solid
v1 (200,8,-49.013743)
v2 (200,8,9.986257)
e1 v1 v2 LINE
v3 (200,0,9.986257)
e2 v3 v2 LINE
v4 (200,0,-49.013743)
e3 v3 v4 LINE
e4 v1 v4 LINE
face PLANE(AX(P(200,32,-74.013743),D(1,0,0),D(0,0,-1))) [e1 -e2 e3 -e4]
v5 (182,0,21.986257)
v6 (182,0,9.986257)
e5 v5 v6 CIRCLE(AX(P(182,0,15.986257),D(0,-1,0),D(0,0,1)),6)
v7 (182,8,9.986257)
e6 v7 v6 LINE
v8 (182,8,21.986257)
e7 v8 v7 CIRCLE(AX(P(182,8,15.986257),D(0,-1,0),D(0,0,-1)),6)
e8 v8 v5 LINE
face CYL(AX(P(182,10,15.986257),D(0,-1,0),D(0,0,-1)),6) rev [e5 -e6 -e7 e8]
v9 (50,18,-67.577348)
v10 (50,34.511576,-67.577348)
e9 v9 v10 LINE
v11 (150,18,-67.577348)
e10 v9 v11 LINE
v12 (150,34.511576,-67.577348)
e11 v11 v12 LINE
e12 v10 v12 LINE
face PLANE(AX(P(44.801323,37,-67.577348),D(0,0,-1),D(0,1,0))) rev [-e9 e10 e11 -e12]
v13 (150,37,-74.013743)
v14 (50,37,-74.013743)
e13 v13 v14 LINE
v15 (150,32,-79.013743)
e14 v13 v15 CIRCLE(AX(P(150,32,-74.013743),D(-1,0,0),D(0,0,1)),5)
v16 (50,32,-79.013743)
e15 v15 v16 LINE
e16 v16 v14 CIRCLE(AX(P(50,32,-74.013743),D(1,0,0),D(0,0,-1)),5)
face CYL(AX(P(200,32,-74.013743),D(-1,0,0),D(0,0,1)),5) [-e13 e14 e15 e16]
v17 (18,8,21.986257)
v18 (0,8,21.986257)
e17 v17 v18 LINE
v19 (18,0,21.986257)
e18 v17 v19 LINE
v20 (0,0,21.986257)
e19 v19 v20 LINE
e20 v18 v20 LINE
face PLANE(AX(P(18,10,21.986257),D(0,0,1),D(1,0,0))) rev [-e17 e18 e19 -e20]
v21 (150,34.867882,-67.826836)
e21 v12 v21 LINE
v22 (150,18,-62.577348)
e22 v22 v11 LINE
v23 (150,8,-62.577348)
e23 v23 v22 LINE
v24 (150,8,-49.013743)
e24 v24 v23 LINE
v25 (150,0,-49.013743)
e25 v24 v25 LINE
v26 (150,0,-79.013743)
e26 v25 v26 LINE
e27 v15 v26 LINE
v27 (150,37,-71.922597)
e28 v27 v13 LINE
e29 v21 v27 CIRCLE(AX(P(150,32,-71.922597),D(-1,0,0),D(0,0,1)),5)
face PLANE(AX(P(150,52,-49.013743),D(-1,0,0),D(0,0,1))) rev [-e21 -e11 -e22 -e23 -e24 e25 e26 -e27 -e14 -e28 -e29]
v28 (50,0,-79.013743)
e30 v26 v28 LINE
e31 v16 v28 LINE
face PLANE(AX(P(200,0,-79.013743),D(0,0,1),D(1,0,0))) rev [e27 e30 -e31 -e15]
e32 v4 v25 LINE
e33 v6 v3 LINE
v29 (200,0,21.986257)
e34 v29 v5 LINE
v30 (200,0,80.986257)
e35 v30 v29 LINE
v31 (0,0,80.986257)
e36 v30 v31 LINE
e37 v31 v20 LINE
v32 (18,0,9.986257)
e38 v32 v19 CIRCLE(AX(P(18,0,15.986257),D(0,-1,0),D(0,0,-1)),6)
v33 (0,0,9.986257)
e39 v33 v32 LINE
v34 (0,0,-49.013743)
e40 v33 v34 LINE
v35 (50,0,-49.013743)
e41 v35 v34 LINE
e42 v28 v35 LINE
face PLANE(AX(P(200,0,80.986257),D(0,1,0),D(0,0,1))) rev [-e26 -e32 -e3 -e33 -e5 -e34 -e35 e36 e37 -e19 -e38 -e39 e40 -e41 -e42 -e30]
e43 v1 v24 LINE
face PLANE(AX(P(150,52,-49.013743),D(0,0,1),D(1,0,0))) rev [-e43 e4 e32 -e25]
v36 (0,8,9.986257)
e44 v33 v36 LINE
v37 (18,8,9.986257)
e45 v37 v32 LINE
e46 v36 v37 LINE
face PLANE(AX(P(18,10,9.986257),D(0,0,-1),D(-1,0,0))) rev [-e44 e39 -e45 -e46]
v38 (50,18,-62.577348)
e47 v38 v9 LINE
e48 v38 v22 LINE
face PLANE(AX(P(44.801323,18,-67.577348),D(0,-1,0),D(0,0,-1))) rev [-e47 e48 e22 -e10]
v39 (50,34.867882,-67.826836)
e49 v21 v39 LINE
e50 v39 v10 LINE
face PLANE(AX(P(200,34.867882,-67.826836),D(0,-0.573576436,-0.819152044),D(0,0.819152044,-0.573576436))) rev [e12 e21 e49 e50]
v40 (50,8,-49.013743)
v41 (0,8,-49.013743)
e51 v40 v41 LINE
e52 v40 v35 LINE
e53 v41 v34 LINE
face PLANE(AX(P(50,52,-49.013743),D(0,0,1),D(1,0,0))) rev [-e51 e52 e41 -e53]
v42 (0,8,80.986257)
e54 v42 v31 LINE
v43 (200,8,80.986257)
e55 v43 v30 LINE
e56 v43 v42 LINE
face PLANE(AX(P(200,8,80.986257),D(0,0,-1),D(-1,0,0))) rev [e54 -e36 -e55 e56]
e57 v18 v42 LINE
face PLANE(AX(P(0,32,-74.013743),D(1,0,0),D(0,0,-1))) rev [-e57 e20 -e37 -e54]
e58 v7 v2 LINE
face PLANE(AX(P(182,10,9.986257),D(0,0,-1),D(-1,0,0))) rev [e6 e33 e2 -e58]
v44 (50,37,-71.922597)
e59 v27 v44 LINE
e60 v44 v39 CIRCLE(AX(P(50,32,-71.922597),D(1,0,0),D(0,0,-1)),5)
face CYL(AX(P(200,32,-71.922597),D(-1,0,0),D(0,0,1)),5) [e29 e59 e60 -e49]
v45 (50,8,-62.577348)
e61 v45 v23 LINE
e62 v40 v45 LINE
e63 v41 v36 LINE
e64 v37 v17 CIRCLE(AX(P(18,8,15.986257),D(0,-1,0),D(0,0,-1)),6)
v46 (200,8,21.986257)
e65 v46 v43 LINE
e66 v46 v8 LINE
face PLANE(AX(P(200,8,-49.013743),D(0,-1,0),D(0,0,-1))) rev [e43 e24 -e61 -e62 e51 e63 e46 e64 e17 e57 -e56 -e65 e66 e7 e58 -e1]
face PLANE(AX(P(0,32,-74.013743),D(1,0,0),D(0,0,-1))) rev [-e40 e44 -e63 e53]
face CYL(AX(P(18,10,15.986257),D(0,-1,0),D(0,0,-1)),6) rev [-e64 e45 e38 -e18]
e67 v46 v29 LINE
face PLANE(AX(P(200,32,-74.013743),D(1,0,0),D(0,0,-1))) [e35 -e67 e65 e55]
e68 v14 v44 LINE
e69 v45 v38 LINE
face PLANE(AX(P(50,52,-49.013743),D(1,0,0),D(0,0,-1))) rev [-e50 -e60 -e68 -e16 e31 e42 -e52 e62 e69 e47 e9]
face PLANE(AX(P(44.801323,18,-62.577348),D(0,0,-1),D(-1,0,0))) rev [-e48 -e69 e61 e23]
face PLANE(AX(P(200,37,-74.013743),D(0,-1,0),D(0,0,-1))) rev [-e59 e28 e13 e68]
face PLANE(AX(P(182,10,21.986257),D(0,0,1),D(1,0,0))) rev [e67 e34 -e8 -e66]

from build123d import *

# Parameters (mm, degrees)
EXTRUDE_1_DEPTH     = 200
SKETCH_2_W          = 50
SKETCH_2_H          = 30
CUT_EXTRUDE_1_DEPTH = 52
CUT_EXTRUDE_2_DEPTH = 10
CUT_EXTRUDE_4_DEPTH = 105.198677084


with BuildPart() as part:
    # Эскиз1 → Бобышка-Вытянуть1 (new body)
    with BuildSketch(Plane(origin=(0, 0, 0), x_dir=(0, 0, -1), z_dir=(1, 0, 0))):
        with BuildLine():
            Line((-80.986257223, 0), (79.013742777, 0))
            Line((79.013742777, 0), (79.013742777, 32))
            ThreePointArc((79.013742777, 32), (77.549276683, 35.535533906), (74.013742777, 37))
            Line((74.013742777, 37), (71.922596638, 37))
            ThreePointArc((71.922596638, 37), (69.613853571, 36.435054166), (67.826836416, 34.867882182))
            Line((67.826836416, 34.867882182), (49.013742777, 8))
            Line((49.013742777, 8), (-80.986257223, 8))
            Line((-80.986257223, 8), (-80.986257223, 0))
        make_face()
    extrude(amount=EXTRUDE_1_DEPTH)

    # Эскиз2 → Вырез-Вытянуть1 (cut)
    with BuildSketch(Plane.XZ):
        with Locations((25, -64.013742777)):
            Rectangle(SKETCH_2_W, SKETCH_2_H)
        with Locations((175, -64.013742777)):
            Rectangle(SKETCH_2_W, SKETCH_2_H)
    extrude(amount=-CUT_EXTRUDE_1_DEPTH, mode=Mode.SUBTRACT)

    # Эскиз3 → Вырез-Вытянуть2 (cut)
    with BuildSketch(Plane.XZ):
        with BuildLine():
            Line((18, 9.986257223), (0, 9.986257223))
            ThreePointArc((0, 9.986257223), (-6, 15.986257223), (0, 21.986257223))
            Line((0, 21.986257223), (18, 21.986257223))
            ThreePointArc((18, 21.986257223), (24, 15.986257223), (18, 9.986257223))
        make_face()
        with BuildLine():
            Line((182, 9.986257223), (200, 9.986257223))
            ThreePointArc((200, 9.986257223), (206, 15.986257223), (200, 21.986257223))
            Line((200, 21.986257223), (182, 21.986257223))
            ThreePointArc((182, 21.986257223), (176, 15.986257223), (182, 9.986257223))
        make_face()
    extrude(amount=-CUT_EXTRUDE_2_DEPTH, mode=Mode.SUBTRACT)

    # Эскиз4 → Вырез-Вытянуть4 (cut)
    with BuildSketch(Plane(origin=(150, 0, 0), x_dir=(0, 0, -1), z_dir=(1, 0, 0))):
        Polygon((67.577347999, 37), (67.577347999, 18), (62.577347999, 18), (62.577347999, 8), (49.013742777, 8), (49.013742777, 37), align=None)
    extrude(amount=-CUT_EXTRUDE_4_DEPTH, mode=Mode.SUBTRACT)


solid = part.part
